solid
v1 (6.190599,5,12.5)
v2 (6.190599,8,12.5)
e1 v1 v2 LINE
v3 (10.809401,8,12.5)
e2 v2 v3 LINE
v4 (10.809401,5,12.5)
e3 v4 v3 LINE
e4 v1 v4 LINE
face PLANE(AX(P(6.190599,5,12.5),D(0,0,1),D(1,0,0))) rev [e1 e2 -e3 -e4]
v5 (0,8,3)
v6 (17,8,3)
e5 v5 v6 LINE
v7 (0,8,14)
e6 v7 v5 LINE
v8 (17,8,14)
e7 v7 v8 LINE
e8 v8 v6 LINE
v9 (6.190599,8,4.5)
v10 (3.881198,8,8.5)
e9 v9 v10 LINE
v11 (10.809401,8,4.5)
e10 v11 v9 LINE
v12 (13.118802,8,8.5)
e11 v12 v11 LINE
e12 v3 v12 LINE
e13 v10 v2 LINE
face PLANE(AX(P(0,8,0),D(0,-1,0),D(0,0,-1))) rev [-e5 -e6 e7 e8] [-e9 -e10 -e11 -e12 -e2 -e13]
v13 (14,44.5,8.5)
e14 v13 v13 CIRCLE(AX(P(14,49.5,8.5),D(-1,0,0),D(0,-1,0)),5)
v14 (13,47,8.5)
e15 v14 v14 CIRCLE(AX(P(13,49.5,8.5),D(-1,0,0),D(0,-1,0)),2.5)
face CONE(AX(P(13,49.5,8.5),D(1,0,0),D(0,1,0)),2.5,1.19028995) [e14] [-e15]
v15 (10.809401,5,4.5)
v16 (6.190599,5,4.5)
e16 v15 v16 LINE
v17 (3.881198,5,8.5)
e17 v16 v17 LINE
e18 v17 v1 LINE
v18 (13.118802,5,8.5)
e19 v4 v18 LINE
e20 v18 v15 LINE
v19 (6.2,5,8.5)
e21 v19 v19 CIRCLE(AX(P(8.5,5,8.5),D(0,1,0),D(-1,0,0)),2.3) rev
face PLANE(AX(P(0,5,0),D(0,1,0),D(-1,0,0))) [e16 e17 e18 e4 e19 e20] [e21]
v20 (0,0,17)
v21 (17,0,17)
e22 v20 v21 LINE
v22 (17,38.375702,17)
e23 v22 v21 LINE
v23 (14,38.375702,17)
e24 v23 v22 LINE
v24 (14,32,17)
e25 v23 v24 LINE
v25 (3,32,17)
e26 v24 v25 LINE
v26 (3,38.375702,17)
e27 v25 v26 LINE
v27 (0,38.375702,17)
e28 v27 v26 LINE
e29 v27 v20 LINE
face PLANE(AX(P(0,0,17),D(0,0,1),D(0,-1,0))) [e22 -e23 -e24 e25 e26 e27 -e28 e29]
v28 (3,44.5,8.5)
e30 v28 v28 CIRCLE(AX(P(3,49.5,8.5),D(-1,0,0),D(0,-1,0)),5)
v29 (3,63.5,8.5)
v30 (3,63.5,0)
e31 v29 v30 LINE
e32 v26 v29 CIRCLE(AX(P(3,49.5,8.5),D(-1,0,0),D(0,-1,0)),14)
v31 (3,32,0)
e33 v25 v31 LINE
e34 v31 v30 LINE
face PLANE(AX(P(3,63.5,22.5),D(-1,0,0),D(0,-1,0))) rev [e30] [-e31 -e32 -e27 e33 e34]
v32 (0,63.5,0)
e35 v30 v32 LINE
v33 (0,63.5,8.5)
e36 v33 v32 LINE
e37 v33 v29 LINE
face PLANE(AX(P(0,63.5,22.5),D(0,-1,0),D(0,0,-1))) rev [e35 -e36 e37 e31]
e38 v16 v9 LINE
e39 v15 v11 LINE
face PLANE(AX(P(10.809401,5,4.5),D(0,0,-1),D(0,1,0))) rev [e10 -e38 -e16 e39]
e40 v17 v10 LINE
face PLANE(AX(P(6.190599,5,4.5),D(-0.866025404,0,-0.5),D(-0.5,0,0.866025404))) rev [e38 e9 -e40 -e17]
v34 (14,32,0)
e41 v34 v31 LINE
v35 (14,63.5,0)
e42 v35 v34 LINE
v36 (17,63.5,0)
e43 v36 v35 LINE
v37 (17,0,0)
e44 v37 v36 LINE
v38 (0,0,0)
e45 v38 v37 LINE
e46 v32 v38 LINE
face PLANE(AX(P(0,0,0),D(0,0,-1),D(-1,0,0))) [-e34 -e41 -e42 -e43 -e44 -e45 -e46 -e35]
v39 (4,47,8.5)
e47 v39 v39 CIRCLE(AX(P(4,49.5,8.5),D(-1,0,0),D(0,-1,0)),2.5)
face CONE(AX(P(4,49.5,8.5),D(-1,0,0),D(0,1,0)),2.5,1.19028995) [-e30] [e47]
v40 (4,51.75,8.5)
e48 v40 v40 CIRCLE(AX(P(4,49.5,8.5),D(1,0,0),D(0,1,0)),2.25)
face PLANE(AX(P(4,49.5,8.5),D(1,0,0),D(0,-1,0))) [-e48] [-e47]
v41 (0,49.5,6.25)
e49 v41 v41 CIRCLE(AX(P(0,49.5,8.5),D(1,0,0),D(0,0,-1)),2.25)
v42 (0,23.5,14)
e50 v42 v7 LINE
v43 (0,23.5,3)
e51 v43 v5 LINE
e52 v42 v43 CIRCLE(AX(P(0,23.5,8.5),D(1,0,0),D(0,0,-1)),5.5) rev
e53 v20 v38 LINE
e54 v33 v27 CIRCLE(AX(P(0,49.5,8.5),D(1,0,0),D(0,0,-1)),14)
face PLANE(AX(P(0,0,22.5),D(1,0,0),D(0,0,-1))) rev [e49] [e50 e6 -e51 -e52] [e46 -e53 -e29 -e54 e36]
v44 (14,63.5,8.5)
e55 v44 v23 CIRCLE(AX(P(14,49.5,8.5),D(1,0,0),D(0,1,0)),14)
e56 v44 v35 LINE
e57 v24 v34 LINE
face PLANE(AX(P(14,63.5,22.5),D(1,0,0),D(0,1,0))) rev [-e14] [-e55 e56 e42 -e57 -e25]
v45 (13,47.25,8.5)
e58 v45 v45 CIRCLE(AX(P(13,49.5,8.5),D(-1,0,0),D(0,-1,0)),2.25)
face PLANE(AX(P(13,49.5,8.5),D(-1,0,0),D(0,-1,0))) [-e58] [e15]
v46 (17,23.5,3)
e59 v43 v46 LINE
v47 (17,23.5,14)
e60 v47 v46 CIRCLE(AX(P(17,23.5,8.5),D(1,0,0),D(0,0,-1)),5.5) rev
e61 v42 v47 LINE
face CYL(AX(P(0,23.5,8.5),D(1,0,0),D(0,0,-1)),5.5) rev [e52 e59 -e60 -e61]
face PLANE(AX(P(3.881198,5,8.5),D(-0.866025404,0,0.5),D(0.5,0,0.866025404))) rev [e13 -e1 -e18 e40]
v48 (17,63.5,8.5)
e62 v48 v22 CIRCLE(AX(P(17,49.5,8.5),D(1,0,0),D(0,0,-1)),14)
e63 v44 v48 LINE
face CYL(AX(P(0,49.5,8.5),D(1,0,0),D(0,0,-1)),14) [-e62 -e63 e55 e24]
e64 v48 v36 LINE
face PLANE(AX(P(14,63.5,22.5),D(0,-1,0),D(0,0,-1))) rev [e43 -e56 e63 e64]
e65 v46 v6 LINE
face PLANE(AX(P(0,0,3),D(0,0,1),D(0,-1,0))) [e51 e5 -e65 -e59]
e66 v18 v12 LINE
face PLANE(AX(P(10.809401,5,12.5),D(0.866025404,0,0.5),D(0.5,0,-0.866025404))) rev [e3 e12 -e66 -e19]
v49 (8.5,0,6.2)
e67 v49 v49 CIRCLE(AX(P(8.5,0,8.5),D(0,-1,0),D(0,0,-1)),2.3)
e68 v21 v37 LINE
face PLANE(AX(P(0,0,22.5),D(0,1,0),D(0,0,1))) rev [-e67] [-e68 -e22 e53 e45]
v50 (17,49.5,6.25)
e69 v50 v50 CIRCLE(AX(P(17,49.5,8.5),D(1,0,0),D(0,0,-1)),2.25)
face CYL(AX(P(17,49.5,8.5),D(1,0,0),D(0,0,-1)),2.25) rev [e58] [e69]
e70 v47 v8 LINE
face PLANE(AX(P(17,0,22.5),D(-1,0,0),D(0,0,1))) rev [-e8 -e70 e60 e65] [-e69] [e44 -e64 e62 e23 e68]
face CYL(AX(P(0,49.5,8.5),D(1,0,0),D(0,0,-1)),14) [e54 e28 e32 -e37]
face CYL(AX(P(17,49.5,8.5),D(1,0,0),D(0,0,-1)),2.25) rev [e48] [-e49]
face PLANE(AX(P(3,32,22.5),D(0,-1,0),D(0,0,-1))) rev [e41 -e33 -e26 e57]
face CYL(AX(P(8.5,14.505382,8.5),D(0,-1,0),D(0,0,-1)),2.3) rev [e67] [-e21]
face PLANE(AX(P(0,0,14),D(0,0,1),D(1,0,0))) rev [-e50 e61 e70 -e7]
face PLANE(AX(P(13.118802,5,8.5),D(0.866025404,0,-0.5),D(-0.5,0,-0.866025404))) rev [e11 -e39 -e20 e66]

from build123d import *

# Parameters (mm, degrees)
BOSS_EXTRUDE1_DEPTH  = 22.5
CUT_EXTRUDE1_DEPTH   = 70.480213011
SKETCH3_R            = 2.3
CUT_EXTRUDE2_DEPTH   = 8
CUT_EXTRUDE3_DEPTH   = 3
SKETCH5_R            = 5
SKETCH6_R            = 2.5
M4_CLEARANCE_HOLE1_D = 4.5


with BuildPart() as part:
    # Sketch1 → Boss-Extrude1 (new body)
    with BuildSketch(Plane.XY):
        Polygon((0, 0), (17, 0), (17, 63.5), (14, 63.5), (14, 32), (3, 32), (3, 63.5), (0, 63.5), align=None)
    extrude(amount=BOSS_EXTRUDE1_DEPTH)

    # Sketch2 → Cut-Extrude1 (cut, through all)
    with BuildSketch(Plane(origin=(17, 0, 0), x_dir=(0, 0, -1), z_dir=(1, 0, 0))):
        with BuildLine():
            ThreePointArc((-3, 23.5), (-8.5, 29), (-14, 23.5))
            Line((-14, 23.5), (-14, 8))
            Line((-14, 8), (-3, 8))
            Line((-3, 8), (-3, 23.5))
        make_face()
        with BuildLine():
            ThreePointArc((-17, 38.375702269), (-21.049900398, 43.295163177), (-22.5, 49.5))
            Line((-22.5, 49.5), (-22.5, 0))
            Line((-22.5, 0), (-17, 0))
            Line((-17, 0), (-17, 38.375702269))
        make_face()
        with BuildLine():
            Line((-8.5, 63.5), (-22.5, 63.5))
            Line((-22.5, 63.5), (-22.5, 49.5))
            ThreePointArc((-22.5, 49.5), (-18.399494937, 59.399494937), (-8.5, 63.5))
        make_face()
    extrude(amount=-CUT_EXTRUDE1_DEPTH, mode=Mode.SUBTRACT)

    # Sketch3 → Cut-Extrude2 (cut)
    with BuildSketch(Plane.XZ):
        with Locations(Location((8.5, 8.5, 0), (0, 0, 270))):
            Circle(SKETCH3_R)
    extrude(amount=-CUT_EXTRUDE2_DEPTH, mode=Mode.SUBTRACT)

    # Sketch4 → Cut-Extrude3 (cut)
    with BuildSketch(Plane(origin=(0, 8, 0), x_dir=(1, 0, 0), z_dir=(0, 1, 0))):
        Polygon((3.881197846, -8.5), (6.190598923, -12.5), (10.809401077, -12.5), (13.118802154, -8.5), (10.809401077, -4.5), (6.190598923, -4.5), align=None)
    extrude(amount=-CUT_EXTRUDE3_DEPTH, mode=Mode.SUBTRACT)

    # Sketch5 → Loft1 section 0
    with BuildSketch(Plane.ZY.offset(-14)):
        with Locations((8.5, 49.5)):
            Circle(SKETCH5_R)
    # Sketch6 → Loft1 section 1
    with BuildSketch(Plane.ZY.offset(-13)):
        with Locations((8.5, 49.5)):
            Circle(SKETCH6_R)
    loft1 = loft()

    # Mirror1: Loft1 across plane
    add(loft1.mirror(Plane.ZY.offset(-8.5)))

    # M4 Clearance Hole1 (through all)
    with Locations(Plane(origin=(17, 49.5, 8.5), x_dir=(0, 0, 1), z_dir=(1, 0, 0))):
        with Locations((0, 0)):
            Hole(M4_CLEARANCE_HOLE1_D / 2)


solid = part.part
